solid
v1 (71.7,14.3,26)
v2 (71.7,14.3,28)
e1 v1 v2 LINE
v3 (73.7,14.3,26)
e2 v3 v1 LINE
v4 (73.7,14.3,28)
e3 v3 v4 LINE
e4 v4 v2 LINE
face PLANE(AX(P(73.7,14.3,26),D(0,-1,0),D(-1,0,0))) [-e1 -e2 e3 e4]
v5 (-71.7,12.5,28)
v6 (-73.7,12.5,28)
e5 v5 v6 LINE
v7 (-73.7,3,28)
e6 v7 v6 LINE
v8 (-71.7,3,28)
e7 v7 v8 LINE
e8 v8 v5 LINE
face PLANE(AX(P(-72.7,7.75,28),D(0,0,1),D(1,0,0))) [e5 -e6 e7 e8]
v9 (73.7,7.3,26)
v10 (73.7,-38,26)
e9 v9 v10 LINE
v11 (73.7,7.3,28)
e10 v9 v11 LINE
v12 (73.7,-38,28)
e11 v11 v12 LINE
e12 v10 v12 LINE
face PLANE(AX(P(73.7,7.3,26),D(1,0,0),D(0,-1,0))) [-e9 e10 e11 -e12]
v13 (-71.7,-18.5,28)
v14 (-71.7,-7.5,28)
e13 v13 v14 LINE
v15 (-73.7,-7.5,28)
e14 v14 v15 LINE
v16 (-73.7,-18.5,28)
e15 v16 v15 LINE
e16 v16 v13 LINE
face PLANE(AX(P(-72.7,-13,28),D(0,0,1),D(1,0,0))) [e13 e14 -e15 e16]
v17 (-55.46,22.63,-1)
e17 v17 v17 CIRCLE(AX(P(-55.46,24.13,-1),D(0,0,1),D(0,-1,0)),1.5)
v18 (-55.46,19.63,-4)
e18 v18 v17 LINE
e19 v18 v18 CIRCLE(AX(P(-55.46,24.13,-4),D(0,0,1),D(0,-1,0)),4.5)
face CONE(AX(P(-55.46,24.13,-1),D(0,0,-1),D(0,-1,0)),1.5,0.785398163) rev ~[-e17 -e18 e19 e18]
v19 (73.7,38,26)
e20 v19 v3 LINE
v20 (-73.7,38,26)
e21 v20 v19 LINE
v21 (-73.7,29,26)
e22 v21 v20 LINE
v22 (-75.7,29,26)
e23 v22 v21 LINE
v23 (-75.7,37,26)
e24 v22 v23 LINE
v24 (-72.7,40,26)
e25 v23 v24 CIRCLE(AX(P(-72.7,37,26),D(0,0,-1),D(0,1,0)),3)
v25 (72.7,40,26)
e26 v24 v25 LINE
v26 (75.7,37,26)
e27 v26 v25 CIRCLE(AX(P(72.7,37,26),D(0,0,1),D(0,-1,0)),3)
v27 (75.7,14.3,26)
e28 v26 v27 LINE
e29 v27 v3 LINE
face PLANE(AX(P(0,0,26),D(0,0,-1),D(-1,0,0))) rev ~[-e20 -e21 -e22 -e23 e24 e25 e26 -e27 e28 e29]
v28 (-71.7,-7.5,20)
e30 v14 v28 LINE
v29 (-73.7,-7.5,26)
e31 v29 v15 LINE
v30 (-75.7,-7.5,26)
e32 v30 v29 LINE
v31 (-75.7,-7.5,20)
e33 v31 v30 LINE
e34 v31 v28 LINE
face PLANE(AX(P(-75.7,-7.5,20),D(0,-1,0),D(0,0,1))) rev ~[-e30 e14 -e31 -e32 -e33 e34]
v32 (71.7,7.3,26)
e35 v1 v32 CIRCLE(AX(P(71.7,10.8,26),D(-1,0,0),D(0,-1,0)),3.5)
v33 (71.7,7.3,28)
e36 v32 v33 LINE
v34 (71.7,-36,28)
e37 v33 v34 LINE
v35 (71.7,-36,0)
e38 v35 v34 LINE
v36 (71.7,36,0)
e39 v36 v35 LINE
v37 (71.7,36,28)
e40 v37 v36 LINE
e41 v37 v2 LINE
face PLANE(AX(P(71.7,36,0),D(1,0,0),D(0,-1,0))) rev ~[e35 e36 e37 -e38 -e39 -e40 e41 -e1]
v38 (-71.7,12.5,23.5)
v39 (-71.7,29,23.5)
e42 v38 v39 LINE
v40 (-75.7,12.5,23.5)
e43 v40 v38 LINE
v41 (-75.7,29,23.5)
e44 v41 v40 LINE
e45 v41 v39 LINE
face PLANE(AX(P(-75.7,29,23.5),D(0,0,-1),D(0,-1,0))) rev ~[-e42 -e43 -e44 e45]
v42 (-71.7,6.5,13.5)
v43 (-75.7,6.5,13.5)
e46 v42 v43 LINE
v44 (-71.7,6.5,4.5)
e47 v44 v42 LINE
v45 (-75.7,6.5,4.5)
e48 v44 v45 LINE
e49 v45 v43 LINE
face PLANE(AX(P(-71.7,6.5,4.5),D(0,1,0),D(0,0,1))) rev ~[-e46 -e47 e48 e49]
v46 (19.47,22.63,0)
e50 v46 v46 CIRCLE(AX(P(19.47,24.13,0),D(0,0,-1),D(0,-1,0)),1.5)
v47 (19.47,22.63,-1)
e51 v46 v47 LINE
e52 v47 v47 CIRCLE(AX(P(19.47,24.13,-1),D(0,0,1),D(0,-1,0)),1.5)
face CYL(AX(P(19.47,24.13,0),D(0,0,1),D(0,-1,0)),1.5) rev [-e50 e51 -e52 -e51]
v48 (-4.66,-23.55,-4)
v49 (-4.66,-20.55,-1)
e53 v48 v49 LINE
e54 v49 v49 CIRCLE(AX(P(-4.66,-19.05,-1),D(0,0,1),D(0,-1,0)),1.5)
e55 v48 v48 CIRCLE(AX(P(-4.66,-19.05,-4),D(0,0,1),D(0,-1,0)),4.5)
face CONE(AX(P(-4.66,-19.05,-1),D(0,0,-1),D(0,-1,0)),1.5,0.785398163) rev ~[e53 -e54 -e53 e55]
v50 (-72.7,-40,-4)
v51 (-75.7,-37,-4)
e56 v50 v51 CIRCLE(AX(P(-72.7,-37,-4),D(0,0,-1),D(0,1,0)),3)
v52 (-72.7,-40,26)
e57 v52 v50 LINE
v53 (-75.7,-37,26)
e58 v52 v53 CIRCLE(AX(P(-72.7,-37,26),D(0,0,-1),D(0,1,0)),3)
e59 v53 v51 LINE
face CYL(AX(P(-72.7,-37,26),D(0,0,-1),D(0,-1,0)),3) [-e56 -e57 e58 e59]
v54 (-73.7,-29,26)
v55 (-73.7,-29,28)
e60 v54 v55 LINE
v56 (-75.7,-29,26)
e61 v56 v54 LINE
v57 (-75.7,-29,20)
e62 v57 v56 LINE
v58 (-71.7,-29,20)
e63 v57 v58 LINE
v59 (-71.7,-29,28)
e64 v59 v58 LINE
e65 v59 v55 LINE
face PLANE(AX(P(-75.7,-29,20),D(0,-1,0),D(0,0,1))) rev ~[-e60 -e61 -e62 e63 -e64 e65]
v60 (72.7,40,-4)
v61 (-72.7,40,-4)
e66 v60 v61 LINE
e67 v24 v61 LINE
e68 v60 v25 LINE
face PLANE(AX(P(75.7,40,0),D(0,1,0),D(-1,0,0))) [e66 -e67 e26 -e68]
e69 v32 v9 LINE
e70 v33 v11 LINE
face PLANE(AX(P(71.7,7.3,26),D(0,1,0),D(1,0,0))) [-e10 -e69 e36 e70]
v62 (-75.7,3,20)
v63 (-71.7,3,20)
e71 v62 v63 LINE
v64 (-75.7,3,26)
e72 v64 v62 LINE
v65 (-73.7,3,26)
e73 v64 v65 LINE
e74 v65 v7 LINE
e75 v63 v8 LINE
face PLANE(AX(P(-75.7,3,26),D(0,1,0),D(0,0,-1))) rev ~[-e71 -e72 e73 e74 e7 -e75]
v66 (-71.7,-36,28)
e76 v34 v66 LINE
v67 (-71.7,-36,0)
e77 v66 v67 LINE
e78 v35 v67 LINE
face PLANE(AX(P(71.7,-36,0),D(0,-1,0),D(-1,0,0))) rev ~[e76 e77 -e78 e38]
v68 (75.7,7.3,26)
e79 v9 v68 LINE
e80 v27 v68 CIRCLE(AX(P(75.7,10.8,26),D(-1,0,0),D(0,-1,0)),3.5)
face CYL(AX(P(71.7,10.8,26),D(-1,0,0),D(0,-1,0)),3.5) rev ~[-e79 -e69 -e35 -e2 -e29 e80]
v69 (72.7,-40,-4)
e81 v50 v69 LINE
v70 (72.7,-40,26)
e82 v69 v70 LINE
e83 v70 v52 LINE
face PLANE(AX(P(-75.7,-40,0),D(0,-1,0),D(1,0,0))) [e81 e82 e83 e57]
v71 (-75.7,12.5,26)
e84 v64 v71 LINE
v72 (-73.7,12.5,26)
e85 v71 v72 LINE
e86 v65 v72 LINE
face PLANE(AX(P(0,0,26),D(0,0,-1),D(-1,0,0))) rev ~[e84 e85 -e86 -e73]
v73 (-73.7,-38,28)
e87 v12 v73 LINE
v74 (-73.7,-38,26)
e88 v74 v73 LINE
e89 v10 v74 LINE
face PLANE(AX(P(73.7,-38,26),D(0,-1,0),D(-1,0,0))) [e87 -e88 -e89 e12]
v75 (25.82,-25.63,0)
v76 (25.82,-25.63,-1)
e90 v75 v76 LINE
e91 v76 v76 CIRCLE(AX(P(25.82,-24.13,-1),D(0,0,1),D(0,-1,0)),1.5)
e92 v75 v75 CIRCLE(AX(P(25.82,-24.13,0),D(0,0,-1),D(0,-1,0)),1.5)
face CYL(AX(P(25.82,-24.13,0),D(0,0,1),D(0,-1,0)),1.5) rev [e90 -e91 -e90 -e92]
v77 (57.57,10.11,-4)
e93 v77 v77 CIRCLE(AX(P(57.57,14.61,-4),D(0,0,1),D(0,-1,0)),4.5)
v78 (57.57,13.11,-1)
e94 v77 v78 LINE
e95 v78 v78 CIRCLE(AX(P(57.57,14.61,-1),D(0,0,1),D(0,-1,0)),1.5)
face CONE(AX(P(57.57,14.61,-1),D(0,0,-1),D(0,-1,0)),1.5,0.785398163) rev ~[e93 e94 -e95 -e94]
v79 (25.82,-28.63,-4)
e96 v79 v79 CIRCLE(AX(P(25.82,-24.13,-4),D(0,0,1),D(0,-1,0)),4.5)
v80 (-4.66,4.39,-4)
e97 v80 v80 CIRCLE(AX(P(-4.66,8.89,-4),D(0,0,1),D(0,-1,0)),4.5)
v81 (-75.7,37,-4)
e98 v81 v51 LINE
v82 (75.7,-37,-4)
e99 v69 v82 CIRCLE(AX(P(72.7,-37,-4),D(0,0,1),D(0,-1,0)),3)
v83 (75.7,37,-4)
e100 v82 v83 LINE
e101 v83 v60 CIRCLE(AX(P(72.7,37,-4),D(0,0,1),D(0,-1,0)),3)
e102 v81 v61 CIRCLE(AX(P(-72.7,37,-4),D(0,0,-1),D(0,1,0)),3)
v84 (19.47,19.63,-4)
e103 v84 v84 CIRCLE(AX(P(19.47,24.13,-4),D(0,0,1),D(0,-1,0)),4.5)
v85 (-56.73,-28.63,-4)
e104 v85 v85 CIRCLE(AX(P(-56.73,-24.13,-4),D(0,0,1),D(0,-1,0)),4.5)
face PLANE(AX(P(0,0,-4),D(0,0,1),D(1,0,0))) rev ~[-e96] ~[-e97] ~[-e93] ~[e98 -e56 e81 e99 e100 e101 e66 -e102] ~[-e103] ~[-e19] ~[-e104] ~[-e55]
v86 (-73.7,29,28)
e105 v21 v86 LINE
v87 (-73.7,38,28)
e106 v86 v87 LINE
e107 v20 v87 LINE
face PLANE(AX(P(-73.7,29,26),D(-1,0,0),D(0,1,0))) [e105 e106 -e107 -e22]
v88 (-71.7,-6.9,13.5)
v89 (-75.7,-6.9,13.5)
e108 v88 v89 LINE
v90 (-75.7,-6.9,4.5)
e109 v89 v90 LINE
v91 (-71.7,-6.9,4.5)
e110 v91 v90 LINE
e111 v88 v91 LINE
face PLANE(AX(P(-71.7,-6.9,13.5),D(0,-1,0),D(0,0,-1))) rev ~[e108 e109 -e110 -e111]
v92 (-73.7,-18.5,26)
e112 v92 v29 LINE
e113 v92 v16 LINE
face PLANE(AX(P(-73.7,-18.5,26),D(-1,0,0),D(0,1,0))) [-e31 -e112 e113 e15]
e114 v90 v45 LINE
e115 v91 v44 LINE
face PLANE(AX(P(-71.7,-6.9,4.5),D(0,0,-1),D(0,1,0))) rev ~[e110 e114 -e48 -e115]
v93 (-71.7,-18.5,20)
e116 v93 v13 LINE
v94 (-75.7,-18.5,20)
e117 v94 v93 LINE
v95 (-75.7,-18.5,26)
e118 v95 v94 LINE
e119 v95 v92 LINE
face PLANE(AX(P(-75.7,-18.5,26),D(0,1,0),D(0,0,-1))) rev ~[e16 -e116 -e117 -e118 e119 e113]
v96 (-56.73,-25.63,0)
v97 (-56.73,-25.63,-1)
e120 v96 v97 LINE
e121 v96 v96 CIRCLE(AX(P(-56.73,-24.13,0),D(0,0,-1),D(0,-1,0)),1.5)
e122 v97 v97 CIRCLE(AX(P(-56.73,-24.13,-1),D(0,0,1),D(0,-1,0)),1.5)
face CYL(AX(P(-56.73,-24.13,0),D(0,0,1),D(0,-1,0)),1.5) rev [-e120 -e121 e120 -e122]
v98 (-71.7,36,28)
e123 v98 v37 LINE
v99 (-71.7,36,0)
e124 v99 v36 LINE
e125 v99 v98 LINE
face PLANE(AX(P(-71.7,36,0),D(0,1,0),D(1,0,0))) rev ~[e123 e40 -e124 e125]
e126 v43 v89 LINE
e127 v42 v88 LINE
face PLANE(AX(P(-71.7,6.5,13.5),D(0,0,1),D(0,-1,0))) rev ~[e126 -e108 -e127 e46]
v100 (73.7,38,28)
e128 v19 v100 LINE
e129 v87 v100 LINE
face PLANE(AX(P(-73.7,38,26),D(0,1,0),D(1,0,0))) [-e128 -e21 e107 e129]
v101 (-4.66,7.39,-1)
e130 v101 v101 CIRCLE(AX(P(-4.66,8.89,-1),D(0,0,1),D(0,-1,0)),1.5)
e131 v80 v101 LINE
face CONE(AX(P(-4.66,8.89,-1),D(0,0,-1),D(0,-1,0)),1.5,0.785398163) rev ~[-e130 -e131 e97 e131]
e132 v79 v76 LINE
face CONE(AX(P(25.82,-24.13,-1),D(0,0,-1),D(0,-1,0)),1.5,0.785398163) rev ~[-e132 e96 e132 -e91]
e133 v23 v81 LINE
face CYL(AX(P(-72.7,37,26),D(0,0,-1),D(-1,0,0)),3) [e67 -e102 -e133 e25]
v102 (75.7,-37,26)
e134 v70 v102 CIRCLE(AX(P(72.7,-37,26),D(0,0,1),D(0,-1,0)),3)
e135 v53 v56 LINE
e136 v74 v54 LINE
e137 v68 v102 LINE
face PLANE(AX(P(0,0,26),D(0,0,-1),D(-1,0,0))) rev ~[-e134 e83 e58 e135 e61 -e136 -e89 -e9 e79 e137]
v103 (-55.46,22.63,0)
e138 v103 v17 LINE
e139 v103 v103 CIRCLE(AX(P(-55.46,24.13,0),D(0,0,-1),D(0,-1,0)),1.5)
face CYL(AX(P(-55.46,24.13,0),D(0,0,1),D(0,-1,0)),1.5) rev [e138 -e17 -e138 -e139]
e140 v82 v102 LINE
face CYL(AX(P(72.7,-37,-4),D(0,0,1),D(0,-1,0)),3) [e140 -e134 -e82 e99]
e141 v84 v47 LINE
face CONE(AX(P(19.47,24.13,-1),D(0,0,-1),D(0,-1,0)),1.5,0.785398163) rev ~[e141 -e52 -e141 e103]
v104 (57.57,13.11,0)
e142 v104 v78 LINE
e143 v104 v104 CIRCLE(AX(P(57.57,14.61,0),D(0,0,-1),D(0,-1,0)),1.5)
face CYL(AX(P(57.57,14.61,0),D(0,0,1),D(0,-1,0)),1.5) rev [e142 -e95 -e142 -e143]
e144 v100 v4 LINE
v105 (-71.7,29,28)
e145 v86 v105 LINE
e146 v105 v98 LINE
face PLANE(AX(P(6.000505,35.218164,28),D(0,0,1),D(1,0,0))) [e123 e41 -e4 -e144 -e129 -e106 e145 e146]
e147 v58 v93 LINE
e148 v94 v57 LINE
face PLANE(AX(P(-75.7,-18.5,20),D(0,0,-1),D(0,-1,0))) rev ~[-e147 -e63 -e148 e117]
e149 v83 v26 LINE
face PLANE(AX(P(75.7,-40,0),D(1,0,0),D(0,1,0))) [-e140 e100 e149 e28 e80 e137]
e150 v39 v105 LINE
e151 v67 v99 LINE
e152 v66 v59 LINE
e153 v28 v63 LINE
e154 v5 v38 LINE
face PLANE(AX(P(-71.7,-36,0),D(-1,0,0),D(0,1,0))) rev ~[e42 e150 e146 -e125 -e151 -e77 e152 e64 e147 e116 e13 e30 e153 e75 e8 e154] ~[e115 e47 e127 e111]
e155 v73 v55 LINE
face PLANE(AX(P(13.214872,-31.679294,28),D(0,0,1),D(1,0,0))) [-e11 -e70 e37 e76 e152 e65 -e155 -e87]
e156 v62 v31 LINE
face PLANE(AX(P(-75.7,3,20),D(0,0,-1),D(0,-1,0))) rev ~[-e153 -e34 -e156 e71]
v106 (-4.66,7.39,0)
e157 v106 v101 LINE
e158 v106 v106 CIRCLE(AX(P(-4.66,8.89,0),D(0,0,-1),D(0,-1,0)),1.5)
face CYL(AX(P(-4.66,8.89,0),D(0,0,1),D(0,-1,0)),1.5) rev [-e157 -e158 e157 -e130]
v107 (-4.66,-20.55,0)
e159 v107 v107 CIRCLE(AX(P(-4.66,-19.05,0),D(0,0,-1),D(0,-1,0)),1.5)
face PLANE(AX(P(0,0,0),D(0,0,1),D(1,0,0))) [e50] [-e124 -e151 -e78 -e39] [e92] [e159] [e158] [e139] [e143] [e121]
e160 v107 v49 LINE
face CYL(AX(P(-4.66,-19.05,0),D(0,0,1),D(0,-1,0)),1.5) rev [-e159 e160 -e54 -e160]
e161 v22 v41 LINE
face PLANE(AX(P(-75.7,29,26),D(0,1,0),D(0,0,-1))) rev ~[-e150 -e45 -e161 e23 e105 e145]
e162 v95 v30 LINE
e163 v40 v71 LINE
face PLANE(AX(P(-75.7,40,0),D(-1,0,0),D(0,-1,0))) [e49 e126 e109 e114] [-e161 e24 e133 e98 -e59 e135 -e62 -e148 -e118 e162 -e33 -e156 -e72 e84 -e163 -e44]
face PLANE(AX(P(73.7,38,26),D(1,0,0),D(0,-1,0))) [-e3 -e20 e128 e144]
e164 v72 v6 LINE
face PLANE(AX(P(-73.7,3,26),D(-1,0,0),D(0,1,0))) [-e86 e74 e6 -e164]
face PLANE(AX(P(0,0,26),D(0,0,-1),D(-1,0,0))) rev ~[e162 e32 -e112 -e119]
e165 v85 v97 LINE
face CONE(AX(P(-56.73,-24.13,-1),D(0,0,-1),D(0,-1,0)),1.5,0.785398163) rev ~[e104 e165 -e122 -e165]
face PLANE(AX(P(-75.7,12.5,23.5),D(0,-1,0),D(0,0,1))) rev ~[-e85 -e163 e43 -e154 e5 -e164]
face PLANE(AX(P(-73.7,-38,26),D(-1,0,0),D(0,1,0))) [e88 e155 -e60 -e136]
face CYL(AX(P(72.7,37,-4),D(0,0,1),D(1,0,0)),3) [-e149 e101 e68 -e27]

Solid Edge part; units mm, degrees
sketch "Sketch1" plane through (0, 0, 0) normal (0, 0, 1) x (1, 0, 0)
  line L0 (-75.7, -40) -> (75.7, -40)
  line L1 (75.7, -40) -> (75.7, 40)
  line L2 (75.7, 40) -> (-75.7, 40)
  line L3 (-75.7, 40) -> (-75.7, -40)
  dimension "D1" = 80
  dimension "D2" = 151.4
extrude "Protrusion1" add sketch "Sketch1" against normal blind 4
sketch "Sketch2" plane through (0, 0, 0) normal (0, 0, 1) x (1, 0, 0)
  line L0 (-75.7, 40) -> (75.7, 40)
  line L1 (75.7, 40) -> (75.7, -40)
  line L2 (75.7, -40) -> (-75.7, -40)
  line L3 (-75.7, -40) -> (-75.7, 40)
  line L4 (-71.7, 36) -> (71.7, 36)
  line L5 (71.7, 36) -> (71.7, -36)
  line L6 (71.7, -36) -> (-71.7, -36)
  line L7 (-71.7, -36) -> (-71.7, 36)
  dimension "D1" = 4
  dimension "D2" = 4
  dimension "D3" = 4
  dimension "D4" = 4
extrude "ExtrudedProtrusion_2" add sketch "Sketch2" along normal blind 26
sketch "Sketch3" plane through (-71.7, 0, 8) normal (1, 0, 0) x (0, 1, 0)
  line L0 (-6.9, -3.5) -> (6.5, -3.5)
  line L1 (6.5, -3.5) -> (6.5, 5.5)
  line L2 (6.5, 5.5) -> (-6.9, 5.5)
  line L3 (-6.9, 5.5) -> (-6.9, -3.5)
  dimension "D1" = 9
  dimension "D2" = 29.1
  dimension "D3" = 4.5
extrude "Cutout1" cut sketch "Sketch3" against normal up to next
sketch "Sketch4" plane through (-75.7, 0, 11) normal (-1, 0, 0) x (0, -1, 0)
  line L0 (7.5, 15) -> (-3, 15)
  line L1 (-3, 15) -> (-3, 9)
  line L2 (-3, 9) -> (7.5, 9)
  line L3 (7.5, 9) -> (7.5, 15)
  line L4 (29, 15) -> (18.5, 15)
  line L5 (18.5, 15) -> (18.5, 9)
  line L6 (18.5, 9) -> (29, 9)
  line L7 (29, 9) -> (29, 15)
  line L8 (-12.5, 15) -> (-29, 15)
  line L9 (-29, 15) -> (-29, 12.5)
  line L10 (-29, 12.5) -> (-12.5, 12.5)
  line L11 (-12.5, 12.5) -> (-12.5, 15)
  dimension "D1" = 10.5
  dimension "D2" = 16.5
  dimension "D3" = 10.5
  dimension "D4" = 20
  dimension "D5" = 23.5
  dimension "D6" = 7
  dimension "D7" = 65
  dimension "D8" = 7
  dimension "D9" = 9.5
  dimension "D10" = 11
extrude "Cutout2" cut sketch "Sketch4" against normal up to next
sketch "Sketch5" plane through (71.7, 0, 13) normal (-1, 0, 0) x (0, -1, 0)
  circle A0 centre (-10.8, 13) radius 3.5
  dimension "D1" = 29.2
extrude "Cutout3" cut sketch "Sketch5" against normal up to next
sketch "Sketch6" plane through (0, 24.15, 26) normal (0, 0, 1) x (0, -1, 0)
  line L0 (16.85, 71.7) -> (60.15, 71.7)
  line L1 (60.15, 71.7) -> (60.15, -71.7)
  line L2 (60.15, -71.7) -> (53.15, -71.7)
  line L3 (53.15, -71.7) -> (53.15, -73.7)
  line L4 (62.15, -73.7) -> (53.15, -73.7)
  line L5 (62.15, 73.7) -> (62.15, -73.7)
  line L6 (16.85, 73.7) -> (62.15, 73.7)
  line L7 (16.85, 71.7) -> (16.85, 73.7)
  line L8 (-11.85, -71.7) -> (-11.85, 71.7)
  line L9 (-11.85, 71.7) -> (9.85, 71.7)
  line L10 (9.85, 73.7) -> (9.85, 71.7)
  line L11 (-13.85, 73.7) -> (9.85, 73.7)
  line L12 (-13.85, -73.7) -> (-13.85, 73.7)
  line L13 (-4.85, -73.7) -> (-13.85, -73.7)
  line L14 (-4.85, -73.7) -> (-4.85, -71.7)
  line L15 (-4.85, -71.7) -> (-11.85, -71.7)
  line L16 (21.15, -71.7) -> (11.65, -71.7)
  line L17 (11.65, -71.7) -> (11.65, -73.7)
  line L18 (21.15, -73.7) -> (11.65, -73.7)
  line L19 (21.15, -73.7) -> (21.15, -71.7)
  line L20 (31.65, -71.7) -> (31.65, -73.7)
  line L21 (42.65, -73.7) -> (31.65, -73.7)
  line L22 (42.65, -73.7) -> (42.65, -71.7)
  line L23 (42.65, -71.7) -> (31.65, -71.7)
extrude "Protrusion2" add sketch "Sketch6" along normal blind 2
hole "Hole_8" at (-55.46, 24.13, 0) direction (0, 0, -1) diameter 3 end up to next
hole "Hole1" at (-56.73, -24.13, 0) direction (0, 0, -1) diameter 3 end up to next
hole "Hole2" at (-4.66, 8.89, 0) direction (0, 0, -1) diameter 3 end up to next
hole "Hole3" at (-4.66, -19.05, 0) direction (0, 0, -1) diameter 3 end up to next
hole "Hole4" at (19.47, 24.13, 0) direction (0, 0, -1) diameter 3 end up to next
hole "Hole5" at (57.57, 14.61, 0) direction (0, 0, -1) diameter 3 end up to next
hole "Hole6" at (25.82, -24.13, 0) direction (0, 0, -1) diameter 3 end up to next
fillet "Round1" radius 3 4 edges at (-75.7, 40, 11) (-75.7, -40, 11) (75.7, -40, 11) (75.7, 40, 11)
chamfer "Chamfer1" distance 3 angle 45 7 edges at (24.32, -24.13, -4) (56.07, 14.61, -4) (17.97, 24.13, -4) (-6.16, 8.89, -4) (-6.16, -19.05, -4) (-56.96, 24.13, -4) (-58.23, -24.13, -4)
